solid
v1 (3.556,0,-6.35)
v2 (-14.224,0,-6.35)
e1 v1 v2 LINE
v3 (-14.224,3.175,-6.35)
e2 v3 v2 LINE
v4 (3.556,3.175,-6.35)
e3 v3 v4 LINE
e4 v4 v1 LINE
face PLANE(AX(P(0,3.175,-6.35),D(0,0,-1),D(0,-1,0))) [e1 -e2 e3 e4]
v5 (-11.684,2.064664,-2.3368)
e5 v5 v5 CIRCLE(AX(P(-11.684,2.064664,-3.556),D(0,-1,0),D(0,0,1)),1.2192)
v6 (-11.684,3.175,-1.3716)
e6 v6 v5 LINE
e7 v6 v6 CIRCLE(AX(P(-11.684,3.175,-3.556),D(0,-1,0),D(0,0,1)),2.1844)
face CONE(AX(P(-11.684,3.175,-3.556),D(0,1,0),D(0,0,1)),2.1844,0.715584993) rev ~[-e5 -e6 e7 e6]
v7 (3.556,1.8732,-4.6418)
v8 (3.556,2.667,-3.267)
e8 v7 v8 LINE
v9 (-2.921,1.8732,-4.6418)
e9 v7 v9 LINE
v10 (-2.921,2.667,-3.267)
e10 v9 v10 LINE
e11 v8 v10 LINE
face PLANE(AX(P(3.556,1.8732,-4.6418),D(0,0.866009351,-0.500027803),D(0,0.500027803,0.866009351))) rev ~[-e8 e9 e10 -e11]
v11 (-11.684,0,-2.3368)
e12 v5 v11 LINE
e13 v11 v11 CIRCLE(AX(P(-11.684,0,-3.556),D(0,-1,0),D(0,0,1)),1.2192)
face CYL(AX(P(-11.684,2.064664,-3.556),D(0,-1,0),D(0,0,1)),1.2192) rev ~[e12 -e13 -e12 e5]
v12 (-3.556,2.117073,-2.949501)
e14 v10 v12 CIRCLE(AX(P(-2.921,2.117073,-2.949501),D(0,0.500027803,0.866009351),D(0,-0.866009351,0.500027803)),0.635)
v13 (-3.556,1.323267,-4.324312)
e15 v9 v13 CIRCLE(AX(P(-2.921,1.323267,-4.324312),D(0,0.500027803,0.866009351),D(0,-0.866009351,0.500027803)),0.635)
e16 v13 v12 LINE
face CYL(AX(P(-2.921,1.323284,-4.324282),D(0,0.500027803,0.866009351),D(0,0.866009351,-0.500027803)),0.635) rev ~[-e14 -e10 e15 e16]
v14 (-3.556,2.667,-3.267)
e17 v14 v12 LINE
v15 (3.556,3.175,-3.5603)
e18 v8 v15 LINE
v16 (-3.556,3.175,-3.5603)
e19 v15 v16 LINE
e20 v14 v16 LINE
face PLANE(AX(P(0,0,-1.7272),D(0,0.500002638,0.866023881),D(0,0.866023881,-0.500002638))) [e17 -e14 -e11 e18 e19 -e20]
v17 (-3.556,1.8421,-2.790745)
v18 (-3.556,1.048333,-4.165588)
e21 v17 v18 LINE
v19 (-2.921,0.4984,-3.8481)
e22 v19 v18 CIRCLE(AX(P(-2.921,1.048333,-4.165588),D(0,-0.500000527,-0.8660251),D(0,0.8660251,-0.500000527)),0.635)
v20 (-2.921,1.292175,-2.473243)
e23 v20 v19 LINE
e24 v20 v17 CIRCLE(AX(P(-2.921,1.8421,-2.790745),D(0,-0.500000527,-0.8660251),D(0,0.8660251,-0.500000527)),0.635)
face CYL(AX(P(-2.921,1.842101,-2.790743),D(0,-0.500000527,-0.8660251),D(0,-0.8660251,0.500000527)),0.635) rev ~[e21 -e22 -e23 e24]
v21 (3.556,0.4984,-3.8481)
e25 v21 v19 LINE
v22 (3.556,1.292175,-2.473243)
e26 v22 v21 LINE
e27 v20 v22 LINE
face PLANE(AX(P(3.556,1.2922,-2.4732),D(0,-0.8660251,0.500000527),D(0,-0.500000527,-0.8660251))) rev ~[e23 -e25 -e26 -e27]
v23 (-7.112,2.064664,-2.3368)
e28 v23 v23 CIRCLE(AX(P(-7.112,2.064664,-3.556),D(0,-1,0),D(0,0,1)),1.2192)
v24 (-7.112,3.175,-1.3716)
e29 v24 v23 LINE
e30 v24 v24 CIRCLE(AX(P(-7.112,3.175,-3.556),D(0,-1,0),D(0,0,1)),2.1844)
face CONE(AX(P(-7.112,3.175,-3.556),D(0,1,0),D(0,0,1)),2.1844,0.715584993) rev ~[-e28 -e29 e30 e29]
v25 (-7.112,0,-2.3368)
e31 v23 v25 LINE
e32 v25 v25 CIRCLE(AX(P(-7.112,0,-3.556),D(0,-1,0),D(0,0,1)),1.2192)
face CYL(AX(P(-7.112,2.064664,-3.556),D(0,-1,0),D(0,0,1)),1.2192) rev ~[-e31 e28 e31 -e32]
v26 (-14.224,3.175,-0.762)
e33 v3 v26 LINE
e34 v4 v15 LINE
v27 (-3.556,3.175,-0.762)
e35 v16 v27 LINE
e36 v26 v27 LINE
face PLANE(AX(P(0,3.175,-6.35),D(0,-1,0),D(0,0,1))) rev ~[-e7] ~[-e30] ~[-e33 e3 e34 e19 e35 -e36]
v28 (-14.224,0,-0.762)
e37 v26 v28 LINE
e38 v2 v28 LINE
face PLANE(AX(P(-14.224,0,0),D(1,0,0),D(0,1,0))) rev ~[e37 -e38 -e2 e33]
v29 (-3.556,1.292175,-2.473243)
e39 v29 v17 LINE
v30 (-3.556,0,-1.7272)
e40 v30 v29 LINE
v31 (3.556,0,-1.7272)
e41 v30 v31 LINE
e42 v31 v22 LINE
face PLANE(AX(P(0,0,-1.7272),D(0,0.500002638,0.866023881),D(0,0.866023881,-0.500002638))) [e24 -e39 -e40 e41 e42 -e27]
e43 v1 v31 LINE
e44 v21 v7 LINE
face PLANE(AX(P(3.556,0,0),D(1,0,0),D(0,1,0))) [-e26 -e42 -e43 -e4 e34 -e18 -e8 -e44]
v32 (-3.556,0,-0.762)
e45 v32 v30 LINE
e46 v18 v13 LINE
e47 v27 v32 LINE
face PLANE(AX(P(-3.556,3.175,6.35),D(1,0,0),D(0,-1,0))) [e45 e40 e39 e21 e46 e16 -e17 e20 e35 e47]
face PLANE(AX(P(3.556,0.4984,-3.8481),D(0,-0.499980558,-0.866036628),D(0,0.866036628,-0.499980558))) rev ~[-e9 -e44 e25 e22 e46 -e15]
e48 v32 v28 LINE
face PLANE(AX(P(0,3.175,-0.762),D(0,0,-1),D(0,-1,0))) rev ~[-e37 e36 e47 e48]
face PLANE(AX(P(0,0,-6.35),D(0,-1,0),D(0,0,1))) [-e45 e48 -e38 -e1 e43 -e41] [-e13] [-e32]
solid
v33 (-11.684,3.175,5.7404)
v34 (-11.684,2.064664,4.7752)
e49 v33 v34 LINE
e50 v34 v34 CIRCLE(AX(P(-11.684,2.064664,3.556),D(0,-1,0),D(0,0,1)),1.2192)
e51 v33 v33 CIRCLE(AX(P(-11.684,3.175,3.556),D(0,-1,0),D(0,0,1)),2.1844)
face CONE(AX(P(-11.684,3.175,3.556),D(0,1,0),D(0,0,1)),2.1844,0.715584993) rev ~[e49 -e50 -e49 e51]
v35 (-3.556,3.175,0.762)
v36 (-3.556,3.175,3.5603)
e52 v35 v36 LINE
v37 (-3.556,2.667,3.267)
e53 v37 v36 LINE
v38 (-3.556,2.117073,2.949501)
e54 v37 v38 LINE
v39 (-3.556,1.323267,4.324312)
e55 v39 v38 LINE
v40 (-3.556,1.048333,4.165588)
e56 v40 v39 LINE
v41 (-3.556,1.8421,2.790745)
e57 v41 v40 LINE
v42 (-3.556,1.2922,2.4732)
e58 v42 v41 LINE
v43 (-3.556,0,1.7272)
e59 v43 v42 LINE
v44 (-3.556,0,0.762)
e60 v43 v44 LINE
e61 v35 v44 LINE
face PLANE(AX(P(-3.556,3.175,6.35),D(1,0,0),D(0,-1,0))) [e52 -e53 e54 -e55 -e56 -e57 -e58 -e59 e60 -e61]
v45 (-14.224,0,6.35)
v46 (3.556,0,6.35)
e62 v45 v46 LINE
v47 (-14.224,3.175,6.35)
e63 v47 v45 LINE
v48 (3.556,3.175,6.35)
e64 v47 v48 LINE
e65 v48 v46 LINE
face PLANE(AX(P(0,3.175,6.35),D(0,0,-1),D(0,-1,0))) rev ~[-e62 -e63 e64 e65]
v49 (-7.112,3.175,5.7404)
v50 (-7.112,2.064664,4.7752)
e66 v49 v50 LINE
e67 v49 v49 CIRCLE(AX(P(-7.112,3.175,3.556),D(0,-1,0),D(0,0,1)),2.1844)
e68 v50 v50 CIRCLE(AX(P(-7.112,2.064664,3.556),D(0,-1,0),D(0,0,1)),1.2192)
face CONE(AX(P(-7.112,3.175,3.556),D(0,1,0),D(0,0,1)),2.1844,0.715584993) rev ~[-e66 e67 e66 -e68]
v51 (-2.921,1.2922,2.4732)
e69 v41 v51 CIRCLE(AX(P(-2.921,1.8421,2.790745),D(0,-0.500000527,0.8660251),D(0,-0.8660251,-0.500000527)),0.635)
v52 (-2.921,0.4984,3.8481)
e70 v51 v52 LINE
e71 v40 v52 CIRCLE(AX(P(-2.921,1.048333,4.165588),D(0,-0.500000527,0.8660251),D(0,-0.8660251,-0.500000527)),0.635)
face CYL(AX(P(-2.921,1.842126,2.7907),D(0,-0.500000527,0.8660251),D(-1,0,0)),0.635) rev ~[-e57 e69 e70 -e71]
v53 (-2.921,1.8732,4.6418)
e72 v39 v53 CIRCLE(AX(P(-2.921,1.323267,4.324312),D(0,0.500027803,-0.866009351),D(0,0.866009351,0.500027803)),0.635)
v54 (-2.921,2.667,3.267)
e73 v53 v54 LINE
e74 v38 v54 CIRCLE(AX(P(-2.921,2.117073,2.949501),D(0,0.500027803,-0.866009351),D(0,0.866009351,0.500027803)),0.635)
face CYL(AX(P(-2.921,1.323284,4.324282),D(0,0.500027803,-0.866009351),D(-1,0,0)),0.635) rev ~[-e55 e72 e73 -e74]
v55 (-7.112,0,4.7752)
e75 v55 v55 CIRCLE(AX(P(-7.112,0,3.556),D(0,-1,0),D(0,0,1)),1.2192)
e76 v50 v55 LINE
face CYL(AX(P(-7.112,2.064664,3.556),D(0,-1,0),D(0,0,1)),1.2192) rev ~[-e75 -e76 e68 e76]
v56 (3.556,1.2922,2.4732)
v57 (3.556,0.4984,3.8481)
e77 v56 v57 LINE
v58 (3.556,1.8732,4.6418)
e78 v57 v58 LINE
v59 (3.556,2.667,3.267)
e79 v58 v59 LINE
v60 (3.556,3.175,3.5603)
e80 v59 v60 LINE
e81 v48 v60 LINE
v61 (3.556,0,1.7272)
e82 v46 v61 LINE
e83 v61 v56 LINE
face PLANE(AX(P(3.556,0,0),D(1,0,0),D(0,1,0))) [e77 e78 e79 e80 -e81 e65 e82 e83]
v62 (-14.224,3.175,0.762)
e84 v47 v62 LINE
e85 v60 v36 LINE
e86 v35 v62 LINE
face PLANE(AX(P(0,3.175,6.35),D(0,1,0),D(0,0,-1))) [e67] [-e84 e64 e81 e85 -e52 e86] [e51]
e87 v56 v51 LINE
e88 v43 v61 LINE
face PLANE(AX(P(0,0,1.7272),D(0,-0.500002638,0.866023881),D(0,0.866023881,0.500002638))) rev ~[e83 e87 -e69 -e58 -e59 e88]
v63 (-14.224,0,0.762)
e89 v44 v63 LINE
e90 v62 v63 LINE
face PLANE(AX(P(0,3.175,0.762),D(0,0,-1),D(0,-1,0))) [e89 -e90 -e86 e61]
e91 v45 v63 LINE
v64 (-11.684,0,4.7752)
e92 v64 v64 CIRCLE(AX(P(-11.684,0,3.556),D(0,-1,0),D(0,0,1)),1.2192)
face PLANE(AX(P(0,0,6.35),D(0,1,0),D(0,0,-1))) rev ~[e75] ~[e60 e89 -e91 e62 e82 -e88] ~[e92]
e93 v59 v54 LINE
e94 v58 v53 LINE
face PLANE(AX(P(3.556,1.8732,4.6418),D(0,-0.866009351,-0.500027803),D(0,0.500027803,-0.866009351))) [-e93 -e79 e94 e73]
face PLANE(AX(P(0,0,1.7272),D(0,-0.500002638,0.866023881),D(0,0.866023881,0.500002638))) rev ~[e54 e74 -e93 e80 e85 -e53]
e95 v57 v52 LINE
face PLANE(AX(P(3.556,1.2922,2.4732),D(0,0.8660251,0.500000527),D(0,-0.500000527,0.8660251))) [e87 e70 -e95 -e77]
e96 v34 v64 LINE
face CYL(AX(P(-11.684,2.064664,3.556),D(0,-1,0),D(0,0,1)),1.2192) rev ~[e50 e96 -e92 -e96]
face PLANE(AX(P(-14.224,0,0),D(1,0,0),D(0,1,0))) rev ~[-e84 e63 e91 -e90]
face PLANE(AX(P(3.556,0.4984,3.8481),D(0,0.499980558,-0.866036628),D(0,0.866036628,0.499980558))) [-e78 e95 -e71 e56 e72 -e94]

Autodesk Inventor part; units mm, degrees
ref_plane "YZ Plane" through (0, 0, 0) normal (1, 0, 0) x (0, 1, 0)
sketch "Sketch1" plane through (0, 0, 0) normal (1, 0, 0) x (0, 1, 0)
  line L0 (-2.2042, 0) -> (7.9897, 0) construction
  line L1 (0, -10.9768) -> (0, 10.9768) construction
  line L2 (0, -1.7272) -> (0, -6.35)
  line L3 (0, -1.7272) -> (0, -1.7272)
  line L4 (0, -1.7272) -> (3.175, -3.5603)
  line L5 (3.175, -3.5603) -> (3.175, -6.35)
  line L6 (3.175, -6.35) -> (0, -6.35)
  circle A0 centre (3.3584, 0) radius 3.175 construction
  line L7 (2.5647, 7.8406) -> (4.1522, 7.8406) construction
  line L8 (4.1522, 7.8406) -> (4.1522, -7.8406) construction
  line L9 (4.1522, -7.8406) -> (2.5647, -7.8406) construction
  line L10 (2.5647, -7.8406) -> (2.5647, 7.8406) construction
  line L11 (2.5647, 7.8406) -> (4.1522, -7.8406) construction
  line L12 (4.1522, 7.8406) -> (2.5647, -7.8406) construction
  line L13 (0, 1.7272) -> (0, 6.35)
  line L14 (0, 1.7272) -> (0, 1.7272)
  line L15 (0, 1.7272) -> (3.175, 3.5603)
  line L16 (3.175, 3.5603) -> (3.175, 6.35)
  line L17 (3.175, 6.35) -> (0, 6.35)
  point P0 (0, 0)
  point P1 (2.3851, -3.0222)
  point P2 (2.3851, 3.0222)
  point P3 (1.7709, 2.7496)
  point P4 (1.7709, -2.7496)
  dimension "bearing_angle" = 60
  dimension "d13" = 0
  dimension "bearing_thickness" = 3.175
  dimension "bearing_spacing" = 1.7272
  dimension "d17" = 6.35
  dimension "d18" = 1.5875
  dimension "d23" = 12.7
  dimension "d52" = 3.3584
  dimension "d78" = 0.3668
  dimension "flat_bearing_surface_height" = 2.794
sketch "Sketch11" plane through (0, 0, 0) normal (1, 0, 0) x (0, 1, 0)
  line L0 (3.175, 6.35) -> (0, 6.35) projected
  line L1 (3.175, -6.35) -> (0, -6.35) projected
  line L2 (-2.2042, 0) -> (7.9897, 0) construction
  line L3 (0, -10.9768) -> (0, 10.9768) construction
  line L4 (3.175, 6.35) -> (3.175, 0.762)
  line L5 (3.175, 0.762) -> (0, 0.762)
  line L6 (0, 6.35) -> (0, 0.762)
  line L7 (3.175, -6.35) -> (0, -6.35)
  line L8 (0, 10.9768) -> (0, -10.9768) construction
  line L9 (3.175, -6.35) -> (3.175, -0.762)
  line L10 (3.175, -0.762) -> (0, -0.762)
  line L11 (0, -6.35) -> (0, -0.762)
  point P0 (0, 0)
  dimension "d54" = 5.588
extrude "Extrusion4" add sketch "Sketch11" along normal blind 3.556 and the other way blind 14.224
sketch "Sketch17" plane through (3.556, 0, 0) normal (1, 0, 0) x (0, 0, -1)
  line L0 (-6.35, 3.175) -> (-0.762, 3.175) projected
  line L1 (-0.762, 3.175) -> (0.762, 3.175)
  line L2 (0.762, 3.175) -> (0.762, 0)
  line L3 (0.762, 0) -> (-0.762, 0)
  line L4 (-0.762, 0) -> (-0.762, 3.175)
  point P0 (0, 0)
ref_plane "Work Plane3" through (0, 3.175, 6.35) normal (1, 0, 0) x (0, -1, 0)
extrude "Extrusion6" [suppressed]
sketch "Sketch14" plane through (-14.224, 3.175, -6.35) normal (0, 1, 0) x (1, 0, 0)
  line L0 (-3.556, -6.35) -> (21.336, -6.35) projected
  line L1 (0, -5.588) -> (0, 0) projected
  point P0 (14.224, -6.35)
  point P1 (2.54, -2.794)
  point P2 (7.112, -2.794)
  point P3 (2.54, -9.906)
  point P4 (7.112, -9.906)
  dimension "hole1_setback" = 7.112
  dimension "hole2_setback" = 11.684
  dimension "hole_lateral" = 3.556
hole "Hole2" at (-11.684, 3.175, -3.556) at (-7.112, 3.175, -3.556) at (-11.684, 3.175, 3.556) at (-7.112, 3.175, 3.556) direction (0, -1, 0) diameter 2.4384 depth 6.6294 tip angle 118 countersink diameter 4.3688 countersink angle 82 clearance for "Flat Head Machine Screw (82)" size "#2" standard "Ansi Unified Screw Threads"
sketch "Sketch12" plane through (0, 3.175, 6.35) normal (1, 0, 0) x (0, -1, 0)
  line L0 (3.175, 4.6228) -> (0, 2.7897) projected
  line L1 (3.175, 8.0772) -> (0, 9.9103) projected
  line L2 (5.3792, 6.35) -> (-4.8147, 6.35) construction
  line L3 (3.175, 17.3268) -> (3.175, -4.6268) construction
  line L4 (3.175, 4.6228) -> (3.175, 7.0113)
  line L5 (3.175, 4.6228) -> (3.175, 4.6228)
  line L6 (3.175, 8.0772) -> (3.175, 8.0772)
  line L7 (3.175, 7.0113) -> (3.175, 8.0772)
  line L8 (0, 2.7897) -> (0, 9.9103)
  line L9 (0, 0) -> (0, 5.588) projected
  point P0 (3.175, 6.35)
extrude "Extrusion5" cut sketch "Sketch12" along normal mid plane 7.112
ref_plane "Work Plane4" through (0, 2.5647, -7.8406) normal (-1, 0, 0) x (0, 0, 1)
revolve "Revolution7" [suppressed]
sketch "Sketch13" plane through (0, 3.175, 6.35) normal (1, 0, 0) x (0, -1, 0)
  circle A0 centre (-0.1834, 6.35) radius 3.175 projected
  line L0 (5.3792, 6.35) -> (-4.8147, 6.35) construction
  line L1 (-3.3584, 6.35) -> (2.9916, 6.35)
  point P0 (3.175, 6.35)
revolve "Revolution6" [suppressed]
sketch "Sketch18" plane through (-3.556, 3.175, -3.5603) normal (0, 0.5, 0.866) x (1, 0, 0)
  circle A0 centre (3.556, -1.6213) radius 1.5748
  point P0 (3.556, -4.5298)
  point P1 (3.556, -1.6213)
  dimension "d80" = 3.1496
sketch "Sketch19" plane through (3.556, 0, 0) normal (1, 0, 0) x (0, 0, -1)
  circle A0 centre (3.437, 1.374) radius 0.7937
  line L0 (3.5603, 3.175) -> (1.7272, 0) projected
  point P0 (0, 0)
  point P1 (2.7496, 1.7709)
  dimension "d81" = 1.5875
sketch "Sketch20" plane through (-3.556, 3.175, -3.5603) normal (0, 0.5, 0.866) x (1, 0, 0)
  line L0 (0, 0.1438) -> (0, -3.6662) projected
  line L1 (7.112, 0) -> (7.112, -3.6662) projected
  line L2 (0, 0.1438) -> (7.112, 0.1438)
  line L3 (7.112, 0.1438) -> (7.112, -3.6662)
  line L4 (7.112, -3.6662) -> (0, -3.6662)
  line L5 (0, -3.6662) -> (0, 0.1438)
  point P0 (3.556, -4.5298)
  dimension "d86" = 3.81
extrude "Extrusion7" [suppressed]
extrude "Extrusion8" [suppressed]
sketch "Sketch21" plane through (3.556, 0, 0) normal (1, 0, 0) x (0, 0, -1)
  line L0 (-1.7272, 0) -> (-3.5603, 3.175) projected
  line L1 (-3.267, 2.667) -> (-2.4732, 1.2922)
  line L2 (-2.4732, 1.2922) -> (-3.8481, 0.4984)
  line L3 (-3.8481, 0.4984) -> (-4.6418, 1.8732)
  line L4 (-4.6418, 1.8732) -> (-3.267, 2.667)
  line L5 (0, -2.2042) -> (0, 7.9897) projected
  line L6 (3.267, 2.667) -> (2.4732, 1.2922)
  line L7 (2.4732, 1.2922) -> (3.8481, 0.4984)
  line L8 (3.8481, 0.4984) -> (4.6418, 1.8732)
  line L9 (4.6418, 1.8732) -> (3.267, 2.667)
  point P0 (0, 0)
  dimension "carbide_insert_width" = 1.5875
  dimension "d88" = 1.5875
  dimension "d89" = 0.508
extrude "Extrusion9" cut sketch "Sketch21" against normal blind 7.112
fillet "Fillet1" radius 0.635 4 edges at (-3.556, 2.2701, -3.9544) (-3.556, 0.8953, -3.1607) (-3.556, 0.8953, 3.1607) (-3.556, 2.2701, 3.9544)
sketch "Sketch16" plane through (0, 2.5647, -7.8406) normal (-1, 0, 0) x (0, 0, 1)
  line L0 (6.1134, -2.5647) -> (4.2803, 0.6103) projected
  line L1 (9.5678, -2.5647) -> (11.4008, 0.6103) projected
  line L2 (11.4008, 0.6103) -> (4.2803, 0.6103) projected
  line L3 (7.1793, -2.5647) -> (6.1134, -2.5647) projected
  line L4 (9.5678, -2.5647) -> (7.1793, -2.5647) projected
  line L5 (9.5678, -2.5647) -> (9.5678, -2.5647)
  line L6 (6.1134, -2.5647) -> (6.1134, -2.5647)
  line L7 (7.8406, -4.7688) -> (7.8406, 5.425) projected
  line L8 (7.8406, 0.6103) -> (7.8406, -2.5647)
properties part number "v2_bearing_insert_thick_parallel_REF" material "Stainless Steel, 440C"
